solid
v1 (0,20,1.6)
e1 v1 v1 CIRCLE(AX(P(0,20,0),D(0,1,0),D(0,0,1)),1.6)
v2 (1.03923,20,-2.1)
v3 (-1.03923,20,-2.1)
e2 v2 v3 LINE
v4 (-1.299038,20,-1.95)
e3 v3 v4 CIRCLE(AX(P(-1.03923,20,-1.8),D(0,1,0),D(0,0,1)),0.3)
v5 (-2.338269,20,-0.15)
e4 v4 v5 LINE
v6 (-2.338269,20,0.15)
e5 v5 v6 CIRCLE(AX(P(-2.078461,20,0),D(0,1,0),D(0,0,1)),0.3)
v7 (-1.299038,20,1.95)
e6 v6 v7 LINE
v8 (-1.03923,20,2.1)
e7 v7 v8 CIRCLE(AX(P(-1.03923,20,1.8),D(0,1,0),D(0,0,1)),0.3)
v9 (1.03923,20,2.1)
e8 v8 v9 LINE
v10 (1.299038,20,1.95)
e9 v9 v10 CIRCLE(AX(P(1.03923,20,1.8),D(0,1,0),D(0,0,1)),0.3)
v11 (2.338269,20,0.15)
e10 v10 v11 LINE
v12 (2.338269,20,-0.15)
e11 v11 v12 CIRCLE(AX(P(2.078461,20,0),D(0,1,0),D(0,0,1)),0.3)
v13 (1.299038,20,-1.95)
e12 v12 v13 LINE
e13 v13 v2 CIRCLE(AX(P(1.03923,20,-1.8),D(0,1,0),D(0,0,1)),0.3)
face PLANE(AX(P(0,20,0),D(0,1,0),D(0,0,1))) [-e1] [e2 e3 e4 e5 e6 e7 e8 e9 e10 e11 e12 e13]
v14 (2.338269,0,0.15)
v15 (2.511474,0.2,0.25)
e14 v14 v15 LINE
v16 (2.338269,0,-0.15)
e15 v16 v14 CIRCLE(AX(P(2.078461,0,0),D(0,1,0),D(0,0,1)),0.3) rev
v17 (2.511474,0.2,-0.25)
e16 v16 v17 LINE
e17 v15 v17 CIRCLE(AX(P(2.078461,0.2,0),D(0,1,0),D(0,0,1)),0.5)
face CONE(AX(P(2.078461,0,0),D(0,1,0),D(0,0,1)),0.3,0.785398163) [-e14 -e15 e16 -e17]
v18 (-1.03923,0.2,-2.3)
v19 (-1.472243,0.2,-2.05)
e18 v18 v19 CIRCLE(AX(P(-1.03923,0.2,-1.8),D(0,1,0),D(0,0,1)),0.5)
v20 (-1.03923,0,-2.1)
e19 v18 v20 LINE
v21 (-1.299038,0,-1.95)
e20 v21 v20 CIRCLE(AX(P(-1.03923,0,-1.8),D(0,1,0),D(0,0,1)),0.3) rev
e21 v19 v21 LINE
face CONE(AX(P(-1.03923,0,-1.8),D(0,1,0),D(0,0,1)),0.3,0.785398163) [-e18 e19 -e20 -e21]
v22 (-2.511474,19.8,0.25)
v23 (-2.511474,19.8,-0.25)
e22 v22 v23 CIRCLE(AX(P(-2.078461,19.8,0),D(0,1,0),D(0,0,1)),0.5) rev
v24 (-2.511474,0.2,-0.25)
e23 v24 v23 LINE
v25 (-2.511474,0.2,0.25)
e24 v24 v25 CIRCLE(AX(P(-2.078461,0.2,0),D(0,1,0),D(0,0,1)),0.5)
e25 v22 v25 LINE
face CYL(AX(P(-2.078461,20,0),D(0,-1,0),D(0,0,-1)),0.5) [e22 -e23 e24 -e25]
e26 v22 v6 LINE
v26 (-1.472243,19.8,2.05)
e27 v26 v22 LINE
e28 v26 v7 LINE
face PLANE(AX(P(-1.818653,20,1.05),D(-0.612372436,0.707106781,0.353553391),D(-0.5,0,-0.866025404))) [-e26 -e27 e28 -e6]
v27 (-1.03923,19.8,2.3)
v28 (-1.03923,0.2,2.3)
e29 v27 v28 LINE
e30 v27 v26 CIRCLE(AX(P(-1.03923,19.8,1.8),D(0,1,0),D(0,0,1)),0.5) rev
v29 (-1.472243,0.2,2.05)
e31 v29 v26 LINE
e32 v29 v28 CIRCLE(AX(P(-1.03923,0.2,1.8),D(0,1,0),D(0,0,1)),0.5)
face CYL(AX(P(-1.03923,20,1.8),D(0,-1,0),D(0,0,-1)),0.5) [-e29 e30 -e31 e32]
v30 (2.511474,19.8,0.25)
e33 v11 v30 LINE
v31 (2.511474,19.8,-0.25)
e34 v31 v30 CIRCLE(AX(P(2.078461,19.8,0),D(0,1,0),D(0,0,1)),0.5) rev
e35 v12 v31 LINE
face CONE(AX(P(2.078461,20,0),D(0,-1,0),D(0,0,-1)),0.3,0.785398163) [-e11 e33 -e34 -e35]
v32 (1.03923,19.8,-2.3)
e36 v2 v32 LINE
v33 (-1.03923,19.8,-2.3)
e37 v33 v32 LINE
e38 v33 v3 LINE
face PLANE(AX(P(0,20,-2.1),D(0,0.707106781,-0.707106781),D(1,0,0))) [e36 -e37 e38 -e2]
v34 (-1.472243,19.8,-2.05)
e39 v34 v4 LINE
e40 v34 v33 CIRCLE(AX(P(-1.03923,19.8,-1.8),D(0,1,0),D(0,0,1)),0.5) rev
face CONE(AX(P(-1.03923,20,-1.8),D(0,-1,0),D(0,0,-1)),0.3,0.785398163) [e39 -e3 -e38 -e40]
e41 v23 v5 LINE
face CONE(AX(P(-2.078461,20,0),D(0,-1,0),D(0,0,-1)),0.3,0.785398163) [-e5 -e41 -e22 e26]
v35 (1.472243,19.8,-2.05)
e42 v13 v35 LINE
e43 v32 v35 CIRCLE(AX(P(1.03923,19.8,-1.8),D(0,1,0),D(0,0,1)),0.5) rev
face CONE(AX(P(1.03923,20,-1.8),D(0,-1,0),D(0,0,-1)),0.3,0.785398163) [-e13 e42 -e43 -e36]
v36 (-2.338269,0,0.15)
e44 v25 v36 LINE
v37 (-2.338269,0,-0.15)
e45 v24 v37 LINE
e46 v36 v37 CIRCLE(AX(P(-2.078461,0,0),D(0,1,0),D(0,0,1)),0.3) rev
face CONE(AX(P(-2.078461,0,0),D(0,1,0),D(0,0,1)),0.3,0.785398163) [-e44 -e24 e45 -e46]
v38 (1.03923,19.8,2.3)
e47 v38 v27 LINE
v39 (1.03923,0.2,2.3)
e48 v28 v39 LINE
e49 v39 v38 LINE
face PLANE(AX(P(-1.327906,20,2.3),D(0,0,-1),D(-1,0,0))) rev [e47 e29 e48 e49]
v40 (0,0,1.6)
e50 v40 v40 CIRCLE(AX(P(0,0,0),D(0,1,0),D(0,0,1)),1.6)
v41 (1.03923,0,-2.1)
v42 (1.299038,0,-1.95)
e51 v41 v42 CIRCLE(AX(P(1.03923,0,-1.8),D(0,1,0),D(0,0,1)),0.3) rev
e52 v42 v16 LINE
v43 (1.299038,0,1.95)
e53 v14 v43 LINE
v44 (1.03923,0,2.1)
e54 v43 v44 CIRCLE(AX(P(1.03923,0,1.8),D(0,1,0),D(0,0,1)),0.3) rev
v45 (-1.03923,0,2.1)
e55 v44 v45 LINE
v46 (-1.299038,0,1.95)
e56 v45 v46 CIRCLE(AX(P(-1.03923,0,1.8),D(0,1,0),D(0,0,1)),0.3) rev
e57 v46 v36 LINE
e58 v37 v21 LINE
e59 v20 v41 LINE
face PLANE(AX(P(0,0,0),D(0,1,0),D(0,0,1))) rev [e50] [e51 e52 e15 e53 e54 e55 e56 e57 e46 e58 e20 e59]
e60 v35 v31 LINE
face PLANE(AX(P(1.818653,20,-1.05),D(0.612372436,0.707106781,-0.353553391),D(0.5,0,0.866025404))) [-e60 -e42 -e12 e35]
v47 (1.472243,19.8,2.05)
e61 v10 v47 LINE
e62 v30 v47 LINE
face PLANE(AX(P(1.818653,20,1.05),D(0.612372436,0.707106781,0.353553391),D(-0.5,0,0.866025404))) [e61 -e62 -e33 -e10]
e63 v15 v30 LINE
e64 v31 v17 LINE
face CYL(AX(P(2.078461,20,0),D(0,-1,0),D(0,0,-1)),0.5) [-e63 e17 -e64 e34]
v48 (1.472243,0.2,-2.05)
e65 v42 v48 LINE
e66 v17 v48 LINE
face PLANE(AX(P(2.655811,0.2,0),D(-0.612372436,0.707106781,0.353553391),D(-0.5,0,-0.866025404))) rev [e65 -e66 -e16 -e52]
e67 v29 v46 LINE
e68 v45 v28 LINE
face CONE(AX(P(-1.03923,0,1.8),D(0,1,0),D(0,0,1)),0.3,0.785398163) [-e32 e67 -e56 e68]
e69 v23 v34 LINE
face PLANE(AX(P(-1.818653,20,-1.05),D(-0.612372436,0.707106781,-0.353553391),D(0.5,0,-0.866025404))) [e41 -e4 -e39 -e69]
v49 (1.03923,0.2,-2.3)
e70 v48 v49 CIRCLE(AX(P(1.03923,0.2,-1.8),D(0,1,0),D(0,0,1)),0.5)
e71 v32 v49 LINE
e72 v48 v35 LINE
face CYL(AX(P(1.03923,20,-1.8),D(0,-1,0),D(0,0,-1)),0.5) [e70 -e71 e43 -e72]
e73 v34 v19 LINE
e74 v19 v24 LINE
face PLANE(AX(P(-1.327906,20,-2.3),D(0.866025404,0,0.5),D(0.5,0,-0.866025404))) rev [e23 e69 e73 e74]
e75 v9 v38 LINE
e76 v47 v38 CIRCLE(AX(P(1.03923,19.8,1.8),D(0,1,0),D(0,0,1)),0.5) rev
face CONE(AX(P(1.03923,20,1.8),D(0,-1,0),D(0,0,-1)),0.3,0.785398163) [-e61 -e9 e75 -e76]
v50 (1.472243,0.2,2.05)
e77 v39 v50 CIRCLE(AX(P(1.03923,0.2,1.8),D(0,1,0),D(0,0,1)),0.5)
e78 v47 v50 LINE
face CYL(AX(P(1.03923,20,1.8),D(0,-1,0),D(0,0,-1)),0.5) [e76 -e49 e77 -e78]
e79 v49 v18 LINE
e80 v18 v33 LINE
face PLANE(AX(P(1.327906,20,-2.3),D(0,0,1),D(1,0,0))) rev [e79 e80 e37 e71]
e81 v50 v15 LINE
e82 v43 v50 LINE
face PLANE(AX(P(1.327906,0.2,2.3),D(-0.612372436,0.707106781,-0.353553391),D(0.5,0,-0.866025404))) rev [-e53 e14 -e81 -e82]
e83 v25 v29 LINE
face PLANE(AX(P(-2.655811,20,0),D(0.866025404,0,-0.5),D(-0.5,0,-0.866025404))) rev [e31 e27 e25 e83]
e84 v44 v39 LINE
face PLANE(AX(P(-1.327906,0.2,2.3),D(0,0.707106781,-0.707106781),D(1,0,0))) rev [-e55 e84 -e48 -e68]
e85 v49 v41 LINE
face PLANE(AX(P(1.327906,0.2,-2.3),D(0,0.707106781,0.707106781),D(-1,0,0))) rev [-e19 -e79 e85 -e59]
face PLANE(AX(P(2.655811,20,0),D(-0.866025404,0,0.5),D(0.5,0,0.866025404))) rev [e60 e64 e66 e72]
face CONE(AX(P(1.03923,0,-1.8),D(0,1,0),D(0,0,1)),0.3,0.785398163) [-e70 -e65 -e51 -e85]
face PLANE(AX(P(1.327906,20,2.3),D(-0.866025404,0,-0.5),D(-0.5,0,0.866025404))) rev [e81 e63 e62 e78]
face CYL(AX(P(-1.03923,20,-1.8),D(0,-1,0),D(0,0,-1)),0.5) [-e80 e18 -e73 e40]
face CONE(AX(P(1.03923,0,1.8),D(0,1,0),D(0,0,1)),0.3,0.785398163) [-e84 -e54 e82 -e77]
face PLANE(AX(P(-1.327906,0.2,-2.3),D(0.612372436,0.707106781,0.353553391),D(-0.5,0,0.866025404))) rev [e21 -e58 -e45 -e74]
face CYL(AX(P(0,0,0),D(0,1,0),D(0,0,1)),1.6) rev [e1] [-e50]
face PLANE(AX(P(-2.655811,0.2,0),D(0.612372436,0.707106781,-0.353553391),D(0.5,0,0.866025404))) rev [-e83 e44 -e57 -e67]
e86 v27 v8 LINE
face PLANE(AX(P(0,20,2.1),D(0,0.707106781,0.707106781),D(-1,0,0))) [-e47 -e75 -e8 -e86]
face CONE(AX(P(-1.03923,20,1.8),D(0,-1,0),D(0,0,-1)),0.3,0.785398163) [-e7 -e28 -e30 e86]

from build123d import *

# Parameters (mm, degrees)
BOSS_EXTRUDE1_DEPTH = 20
SKETCH2_R           = 1.6
CUT_EXTRUDE1_DEPTH  = 21.306238779
FILLET1_R           = 0.5
CHAMFER1_SIZE       = 0.2


with BuildPart() as part:
    # Sketch1 → Boss-Extrude1 (new body)
    with BuildSketch(Plane(origin=(0, 0, 0), x_dir=(1, 0, 0), z_dir=(0, 1, 0))):
        Polygon((1.327905619, -2.3), (2.655811238, 0), (1.327905619, 2.3), (-1.327905619, 2.3), (-2.655811238, 0), (-1.327905619, -2.3), align=None)
    extrude(amount=BOSS_EXTRUDE1_DEPTH)

    # Sketch2 → Cut-Extrude1 (cut, through all)
    with BuildSketch(Plane(origin=(0, 20, 0), x_dir=(1, 0, 0), z_dir=(0, 1, 0))):
        with Locations(Location((0, 0, 0), (0, 0, 270))):
            Circle(SKETCH2_R)
    extrude(amount=-CUT_EXTRUDE1_DEPTH, mode=Mode.SUBTRACT)

    # Fillet1
    fillet1_edges = [part.edges().sort_by_distance(p)[0] for p in [
        (-1.327905619, 10, 2.3),
        (-2.655811238, 10, 0),
        (-1.327905619, 10, -2.3),
        (1.327905619, 10, -2.3),
        (2.655811238, 10, 0),
        (1.327905619, 10, 2.3),
    ]]
    fillet(fillet1_edges, radius=FILLET1_R)

    # Chamfer1
    chamfer1_edges = [part.edges().sort_by_distance(p)[0] for p in [
        (0, 0, 2.3),
        (0, 20, 2.3),
        (-1.991858429, 0, 1.15),
        (-1.991858429, 0, -1.15),
        (0, 0, -2.3),
        (1.991858429, 0, -1.15),
        (1.991858429, 0, 1.15),
        (1.289230485, 0, 2.233012702),
        (2.578460969, 0, 0),
        (1.289230485, 0, -2.233012702),
        (-1.289230485, 0, -2.233012702),
        (-2.578460969, 0, 0),
        (-1.289230485, 0, 2.233012702),
        (-1.991858429, 20, 1.15),
        (1.991858429, 20, 1.15),
        (1.991858429, 20, -1.15),
        (0, 20, -2.3),
        (-1.991858429, 20, -1.15),
        (1.289230485, 20, 2.233012702),
        (2.578460969, 20, 0),
        (1.289230485, 20, -2.233012702),
        (-1.289230485, 20, -2.233012702),
        (-2.578460969, 20, 0),
        (-1.289230485, 20, 2.233012702),
    ]]
    chamfer(chamfer1_edges, length=CHAMFER1_SIZE)


solid = part.part
